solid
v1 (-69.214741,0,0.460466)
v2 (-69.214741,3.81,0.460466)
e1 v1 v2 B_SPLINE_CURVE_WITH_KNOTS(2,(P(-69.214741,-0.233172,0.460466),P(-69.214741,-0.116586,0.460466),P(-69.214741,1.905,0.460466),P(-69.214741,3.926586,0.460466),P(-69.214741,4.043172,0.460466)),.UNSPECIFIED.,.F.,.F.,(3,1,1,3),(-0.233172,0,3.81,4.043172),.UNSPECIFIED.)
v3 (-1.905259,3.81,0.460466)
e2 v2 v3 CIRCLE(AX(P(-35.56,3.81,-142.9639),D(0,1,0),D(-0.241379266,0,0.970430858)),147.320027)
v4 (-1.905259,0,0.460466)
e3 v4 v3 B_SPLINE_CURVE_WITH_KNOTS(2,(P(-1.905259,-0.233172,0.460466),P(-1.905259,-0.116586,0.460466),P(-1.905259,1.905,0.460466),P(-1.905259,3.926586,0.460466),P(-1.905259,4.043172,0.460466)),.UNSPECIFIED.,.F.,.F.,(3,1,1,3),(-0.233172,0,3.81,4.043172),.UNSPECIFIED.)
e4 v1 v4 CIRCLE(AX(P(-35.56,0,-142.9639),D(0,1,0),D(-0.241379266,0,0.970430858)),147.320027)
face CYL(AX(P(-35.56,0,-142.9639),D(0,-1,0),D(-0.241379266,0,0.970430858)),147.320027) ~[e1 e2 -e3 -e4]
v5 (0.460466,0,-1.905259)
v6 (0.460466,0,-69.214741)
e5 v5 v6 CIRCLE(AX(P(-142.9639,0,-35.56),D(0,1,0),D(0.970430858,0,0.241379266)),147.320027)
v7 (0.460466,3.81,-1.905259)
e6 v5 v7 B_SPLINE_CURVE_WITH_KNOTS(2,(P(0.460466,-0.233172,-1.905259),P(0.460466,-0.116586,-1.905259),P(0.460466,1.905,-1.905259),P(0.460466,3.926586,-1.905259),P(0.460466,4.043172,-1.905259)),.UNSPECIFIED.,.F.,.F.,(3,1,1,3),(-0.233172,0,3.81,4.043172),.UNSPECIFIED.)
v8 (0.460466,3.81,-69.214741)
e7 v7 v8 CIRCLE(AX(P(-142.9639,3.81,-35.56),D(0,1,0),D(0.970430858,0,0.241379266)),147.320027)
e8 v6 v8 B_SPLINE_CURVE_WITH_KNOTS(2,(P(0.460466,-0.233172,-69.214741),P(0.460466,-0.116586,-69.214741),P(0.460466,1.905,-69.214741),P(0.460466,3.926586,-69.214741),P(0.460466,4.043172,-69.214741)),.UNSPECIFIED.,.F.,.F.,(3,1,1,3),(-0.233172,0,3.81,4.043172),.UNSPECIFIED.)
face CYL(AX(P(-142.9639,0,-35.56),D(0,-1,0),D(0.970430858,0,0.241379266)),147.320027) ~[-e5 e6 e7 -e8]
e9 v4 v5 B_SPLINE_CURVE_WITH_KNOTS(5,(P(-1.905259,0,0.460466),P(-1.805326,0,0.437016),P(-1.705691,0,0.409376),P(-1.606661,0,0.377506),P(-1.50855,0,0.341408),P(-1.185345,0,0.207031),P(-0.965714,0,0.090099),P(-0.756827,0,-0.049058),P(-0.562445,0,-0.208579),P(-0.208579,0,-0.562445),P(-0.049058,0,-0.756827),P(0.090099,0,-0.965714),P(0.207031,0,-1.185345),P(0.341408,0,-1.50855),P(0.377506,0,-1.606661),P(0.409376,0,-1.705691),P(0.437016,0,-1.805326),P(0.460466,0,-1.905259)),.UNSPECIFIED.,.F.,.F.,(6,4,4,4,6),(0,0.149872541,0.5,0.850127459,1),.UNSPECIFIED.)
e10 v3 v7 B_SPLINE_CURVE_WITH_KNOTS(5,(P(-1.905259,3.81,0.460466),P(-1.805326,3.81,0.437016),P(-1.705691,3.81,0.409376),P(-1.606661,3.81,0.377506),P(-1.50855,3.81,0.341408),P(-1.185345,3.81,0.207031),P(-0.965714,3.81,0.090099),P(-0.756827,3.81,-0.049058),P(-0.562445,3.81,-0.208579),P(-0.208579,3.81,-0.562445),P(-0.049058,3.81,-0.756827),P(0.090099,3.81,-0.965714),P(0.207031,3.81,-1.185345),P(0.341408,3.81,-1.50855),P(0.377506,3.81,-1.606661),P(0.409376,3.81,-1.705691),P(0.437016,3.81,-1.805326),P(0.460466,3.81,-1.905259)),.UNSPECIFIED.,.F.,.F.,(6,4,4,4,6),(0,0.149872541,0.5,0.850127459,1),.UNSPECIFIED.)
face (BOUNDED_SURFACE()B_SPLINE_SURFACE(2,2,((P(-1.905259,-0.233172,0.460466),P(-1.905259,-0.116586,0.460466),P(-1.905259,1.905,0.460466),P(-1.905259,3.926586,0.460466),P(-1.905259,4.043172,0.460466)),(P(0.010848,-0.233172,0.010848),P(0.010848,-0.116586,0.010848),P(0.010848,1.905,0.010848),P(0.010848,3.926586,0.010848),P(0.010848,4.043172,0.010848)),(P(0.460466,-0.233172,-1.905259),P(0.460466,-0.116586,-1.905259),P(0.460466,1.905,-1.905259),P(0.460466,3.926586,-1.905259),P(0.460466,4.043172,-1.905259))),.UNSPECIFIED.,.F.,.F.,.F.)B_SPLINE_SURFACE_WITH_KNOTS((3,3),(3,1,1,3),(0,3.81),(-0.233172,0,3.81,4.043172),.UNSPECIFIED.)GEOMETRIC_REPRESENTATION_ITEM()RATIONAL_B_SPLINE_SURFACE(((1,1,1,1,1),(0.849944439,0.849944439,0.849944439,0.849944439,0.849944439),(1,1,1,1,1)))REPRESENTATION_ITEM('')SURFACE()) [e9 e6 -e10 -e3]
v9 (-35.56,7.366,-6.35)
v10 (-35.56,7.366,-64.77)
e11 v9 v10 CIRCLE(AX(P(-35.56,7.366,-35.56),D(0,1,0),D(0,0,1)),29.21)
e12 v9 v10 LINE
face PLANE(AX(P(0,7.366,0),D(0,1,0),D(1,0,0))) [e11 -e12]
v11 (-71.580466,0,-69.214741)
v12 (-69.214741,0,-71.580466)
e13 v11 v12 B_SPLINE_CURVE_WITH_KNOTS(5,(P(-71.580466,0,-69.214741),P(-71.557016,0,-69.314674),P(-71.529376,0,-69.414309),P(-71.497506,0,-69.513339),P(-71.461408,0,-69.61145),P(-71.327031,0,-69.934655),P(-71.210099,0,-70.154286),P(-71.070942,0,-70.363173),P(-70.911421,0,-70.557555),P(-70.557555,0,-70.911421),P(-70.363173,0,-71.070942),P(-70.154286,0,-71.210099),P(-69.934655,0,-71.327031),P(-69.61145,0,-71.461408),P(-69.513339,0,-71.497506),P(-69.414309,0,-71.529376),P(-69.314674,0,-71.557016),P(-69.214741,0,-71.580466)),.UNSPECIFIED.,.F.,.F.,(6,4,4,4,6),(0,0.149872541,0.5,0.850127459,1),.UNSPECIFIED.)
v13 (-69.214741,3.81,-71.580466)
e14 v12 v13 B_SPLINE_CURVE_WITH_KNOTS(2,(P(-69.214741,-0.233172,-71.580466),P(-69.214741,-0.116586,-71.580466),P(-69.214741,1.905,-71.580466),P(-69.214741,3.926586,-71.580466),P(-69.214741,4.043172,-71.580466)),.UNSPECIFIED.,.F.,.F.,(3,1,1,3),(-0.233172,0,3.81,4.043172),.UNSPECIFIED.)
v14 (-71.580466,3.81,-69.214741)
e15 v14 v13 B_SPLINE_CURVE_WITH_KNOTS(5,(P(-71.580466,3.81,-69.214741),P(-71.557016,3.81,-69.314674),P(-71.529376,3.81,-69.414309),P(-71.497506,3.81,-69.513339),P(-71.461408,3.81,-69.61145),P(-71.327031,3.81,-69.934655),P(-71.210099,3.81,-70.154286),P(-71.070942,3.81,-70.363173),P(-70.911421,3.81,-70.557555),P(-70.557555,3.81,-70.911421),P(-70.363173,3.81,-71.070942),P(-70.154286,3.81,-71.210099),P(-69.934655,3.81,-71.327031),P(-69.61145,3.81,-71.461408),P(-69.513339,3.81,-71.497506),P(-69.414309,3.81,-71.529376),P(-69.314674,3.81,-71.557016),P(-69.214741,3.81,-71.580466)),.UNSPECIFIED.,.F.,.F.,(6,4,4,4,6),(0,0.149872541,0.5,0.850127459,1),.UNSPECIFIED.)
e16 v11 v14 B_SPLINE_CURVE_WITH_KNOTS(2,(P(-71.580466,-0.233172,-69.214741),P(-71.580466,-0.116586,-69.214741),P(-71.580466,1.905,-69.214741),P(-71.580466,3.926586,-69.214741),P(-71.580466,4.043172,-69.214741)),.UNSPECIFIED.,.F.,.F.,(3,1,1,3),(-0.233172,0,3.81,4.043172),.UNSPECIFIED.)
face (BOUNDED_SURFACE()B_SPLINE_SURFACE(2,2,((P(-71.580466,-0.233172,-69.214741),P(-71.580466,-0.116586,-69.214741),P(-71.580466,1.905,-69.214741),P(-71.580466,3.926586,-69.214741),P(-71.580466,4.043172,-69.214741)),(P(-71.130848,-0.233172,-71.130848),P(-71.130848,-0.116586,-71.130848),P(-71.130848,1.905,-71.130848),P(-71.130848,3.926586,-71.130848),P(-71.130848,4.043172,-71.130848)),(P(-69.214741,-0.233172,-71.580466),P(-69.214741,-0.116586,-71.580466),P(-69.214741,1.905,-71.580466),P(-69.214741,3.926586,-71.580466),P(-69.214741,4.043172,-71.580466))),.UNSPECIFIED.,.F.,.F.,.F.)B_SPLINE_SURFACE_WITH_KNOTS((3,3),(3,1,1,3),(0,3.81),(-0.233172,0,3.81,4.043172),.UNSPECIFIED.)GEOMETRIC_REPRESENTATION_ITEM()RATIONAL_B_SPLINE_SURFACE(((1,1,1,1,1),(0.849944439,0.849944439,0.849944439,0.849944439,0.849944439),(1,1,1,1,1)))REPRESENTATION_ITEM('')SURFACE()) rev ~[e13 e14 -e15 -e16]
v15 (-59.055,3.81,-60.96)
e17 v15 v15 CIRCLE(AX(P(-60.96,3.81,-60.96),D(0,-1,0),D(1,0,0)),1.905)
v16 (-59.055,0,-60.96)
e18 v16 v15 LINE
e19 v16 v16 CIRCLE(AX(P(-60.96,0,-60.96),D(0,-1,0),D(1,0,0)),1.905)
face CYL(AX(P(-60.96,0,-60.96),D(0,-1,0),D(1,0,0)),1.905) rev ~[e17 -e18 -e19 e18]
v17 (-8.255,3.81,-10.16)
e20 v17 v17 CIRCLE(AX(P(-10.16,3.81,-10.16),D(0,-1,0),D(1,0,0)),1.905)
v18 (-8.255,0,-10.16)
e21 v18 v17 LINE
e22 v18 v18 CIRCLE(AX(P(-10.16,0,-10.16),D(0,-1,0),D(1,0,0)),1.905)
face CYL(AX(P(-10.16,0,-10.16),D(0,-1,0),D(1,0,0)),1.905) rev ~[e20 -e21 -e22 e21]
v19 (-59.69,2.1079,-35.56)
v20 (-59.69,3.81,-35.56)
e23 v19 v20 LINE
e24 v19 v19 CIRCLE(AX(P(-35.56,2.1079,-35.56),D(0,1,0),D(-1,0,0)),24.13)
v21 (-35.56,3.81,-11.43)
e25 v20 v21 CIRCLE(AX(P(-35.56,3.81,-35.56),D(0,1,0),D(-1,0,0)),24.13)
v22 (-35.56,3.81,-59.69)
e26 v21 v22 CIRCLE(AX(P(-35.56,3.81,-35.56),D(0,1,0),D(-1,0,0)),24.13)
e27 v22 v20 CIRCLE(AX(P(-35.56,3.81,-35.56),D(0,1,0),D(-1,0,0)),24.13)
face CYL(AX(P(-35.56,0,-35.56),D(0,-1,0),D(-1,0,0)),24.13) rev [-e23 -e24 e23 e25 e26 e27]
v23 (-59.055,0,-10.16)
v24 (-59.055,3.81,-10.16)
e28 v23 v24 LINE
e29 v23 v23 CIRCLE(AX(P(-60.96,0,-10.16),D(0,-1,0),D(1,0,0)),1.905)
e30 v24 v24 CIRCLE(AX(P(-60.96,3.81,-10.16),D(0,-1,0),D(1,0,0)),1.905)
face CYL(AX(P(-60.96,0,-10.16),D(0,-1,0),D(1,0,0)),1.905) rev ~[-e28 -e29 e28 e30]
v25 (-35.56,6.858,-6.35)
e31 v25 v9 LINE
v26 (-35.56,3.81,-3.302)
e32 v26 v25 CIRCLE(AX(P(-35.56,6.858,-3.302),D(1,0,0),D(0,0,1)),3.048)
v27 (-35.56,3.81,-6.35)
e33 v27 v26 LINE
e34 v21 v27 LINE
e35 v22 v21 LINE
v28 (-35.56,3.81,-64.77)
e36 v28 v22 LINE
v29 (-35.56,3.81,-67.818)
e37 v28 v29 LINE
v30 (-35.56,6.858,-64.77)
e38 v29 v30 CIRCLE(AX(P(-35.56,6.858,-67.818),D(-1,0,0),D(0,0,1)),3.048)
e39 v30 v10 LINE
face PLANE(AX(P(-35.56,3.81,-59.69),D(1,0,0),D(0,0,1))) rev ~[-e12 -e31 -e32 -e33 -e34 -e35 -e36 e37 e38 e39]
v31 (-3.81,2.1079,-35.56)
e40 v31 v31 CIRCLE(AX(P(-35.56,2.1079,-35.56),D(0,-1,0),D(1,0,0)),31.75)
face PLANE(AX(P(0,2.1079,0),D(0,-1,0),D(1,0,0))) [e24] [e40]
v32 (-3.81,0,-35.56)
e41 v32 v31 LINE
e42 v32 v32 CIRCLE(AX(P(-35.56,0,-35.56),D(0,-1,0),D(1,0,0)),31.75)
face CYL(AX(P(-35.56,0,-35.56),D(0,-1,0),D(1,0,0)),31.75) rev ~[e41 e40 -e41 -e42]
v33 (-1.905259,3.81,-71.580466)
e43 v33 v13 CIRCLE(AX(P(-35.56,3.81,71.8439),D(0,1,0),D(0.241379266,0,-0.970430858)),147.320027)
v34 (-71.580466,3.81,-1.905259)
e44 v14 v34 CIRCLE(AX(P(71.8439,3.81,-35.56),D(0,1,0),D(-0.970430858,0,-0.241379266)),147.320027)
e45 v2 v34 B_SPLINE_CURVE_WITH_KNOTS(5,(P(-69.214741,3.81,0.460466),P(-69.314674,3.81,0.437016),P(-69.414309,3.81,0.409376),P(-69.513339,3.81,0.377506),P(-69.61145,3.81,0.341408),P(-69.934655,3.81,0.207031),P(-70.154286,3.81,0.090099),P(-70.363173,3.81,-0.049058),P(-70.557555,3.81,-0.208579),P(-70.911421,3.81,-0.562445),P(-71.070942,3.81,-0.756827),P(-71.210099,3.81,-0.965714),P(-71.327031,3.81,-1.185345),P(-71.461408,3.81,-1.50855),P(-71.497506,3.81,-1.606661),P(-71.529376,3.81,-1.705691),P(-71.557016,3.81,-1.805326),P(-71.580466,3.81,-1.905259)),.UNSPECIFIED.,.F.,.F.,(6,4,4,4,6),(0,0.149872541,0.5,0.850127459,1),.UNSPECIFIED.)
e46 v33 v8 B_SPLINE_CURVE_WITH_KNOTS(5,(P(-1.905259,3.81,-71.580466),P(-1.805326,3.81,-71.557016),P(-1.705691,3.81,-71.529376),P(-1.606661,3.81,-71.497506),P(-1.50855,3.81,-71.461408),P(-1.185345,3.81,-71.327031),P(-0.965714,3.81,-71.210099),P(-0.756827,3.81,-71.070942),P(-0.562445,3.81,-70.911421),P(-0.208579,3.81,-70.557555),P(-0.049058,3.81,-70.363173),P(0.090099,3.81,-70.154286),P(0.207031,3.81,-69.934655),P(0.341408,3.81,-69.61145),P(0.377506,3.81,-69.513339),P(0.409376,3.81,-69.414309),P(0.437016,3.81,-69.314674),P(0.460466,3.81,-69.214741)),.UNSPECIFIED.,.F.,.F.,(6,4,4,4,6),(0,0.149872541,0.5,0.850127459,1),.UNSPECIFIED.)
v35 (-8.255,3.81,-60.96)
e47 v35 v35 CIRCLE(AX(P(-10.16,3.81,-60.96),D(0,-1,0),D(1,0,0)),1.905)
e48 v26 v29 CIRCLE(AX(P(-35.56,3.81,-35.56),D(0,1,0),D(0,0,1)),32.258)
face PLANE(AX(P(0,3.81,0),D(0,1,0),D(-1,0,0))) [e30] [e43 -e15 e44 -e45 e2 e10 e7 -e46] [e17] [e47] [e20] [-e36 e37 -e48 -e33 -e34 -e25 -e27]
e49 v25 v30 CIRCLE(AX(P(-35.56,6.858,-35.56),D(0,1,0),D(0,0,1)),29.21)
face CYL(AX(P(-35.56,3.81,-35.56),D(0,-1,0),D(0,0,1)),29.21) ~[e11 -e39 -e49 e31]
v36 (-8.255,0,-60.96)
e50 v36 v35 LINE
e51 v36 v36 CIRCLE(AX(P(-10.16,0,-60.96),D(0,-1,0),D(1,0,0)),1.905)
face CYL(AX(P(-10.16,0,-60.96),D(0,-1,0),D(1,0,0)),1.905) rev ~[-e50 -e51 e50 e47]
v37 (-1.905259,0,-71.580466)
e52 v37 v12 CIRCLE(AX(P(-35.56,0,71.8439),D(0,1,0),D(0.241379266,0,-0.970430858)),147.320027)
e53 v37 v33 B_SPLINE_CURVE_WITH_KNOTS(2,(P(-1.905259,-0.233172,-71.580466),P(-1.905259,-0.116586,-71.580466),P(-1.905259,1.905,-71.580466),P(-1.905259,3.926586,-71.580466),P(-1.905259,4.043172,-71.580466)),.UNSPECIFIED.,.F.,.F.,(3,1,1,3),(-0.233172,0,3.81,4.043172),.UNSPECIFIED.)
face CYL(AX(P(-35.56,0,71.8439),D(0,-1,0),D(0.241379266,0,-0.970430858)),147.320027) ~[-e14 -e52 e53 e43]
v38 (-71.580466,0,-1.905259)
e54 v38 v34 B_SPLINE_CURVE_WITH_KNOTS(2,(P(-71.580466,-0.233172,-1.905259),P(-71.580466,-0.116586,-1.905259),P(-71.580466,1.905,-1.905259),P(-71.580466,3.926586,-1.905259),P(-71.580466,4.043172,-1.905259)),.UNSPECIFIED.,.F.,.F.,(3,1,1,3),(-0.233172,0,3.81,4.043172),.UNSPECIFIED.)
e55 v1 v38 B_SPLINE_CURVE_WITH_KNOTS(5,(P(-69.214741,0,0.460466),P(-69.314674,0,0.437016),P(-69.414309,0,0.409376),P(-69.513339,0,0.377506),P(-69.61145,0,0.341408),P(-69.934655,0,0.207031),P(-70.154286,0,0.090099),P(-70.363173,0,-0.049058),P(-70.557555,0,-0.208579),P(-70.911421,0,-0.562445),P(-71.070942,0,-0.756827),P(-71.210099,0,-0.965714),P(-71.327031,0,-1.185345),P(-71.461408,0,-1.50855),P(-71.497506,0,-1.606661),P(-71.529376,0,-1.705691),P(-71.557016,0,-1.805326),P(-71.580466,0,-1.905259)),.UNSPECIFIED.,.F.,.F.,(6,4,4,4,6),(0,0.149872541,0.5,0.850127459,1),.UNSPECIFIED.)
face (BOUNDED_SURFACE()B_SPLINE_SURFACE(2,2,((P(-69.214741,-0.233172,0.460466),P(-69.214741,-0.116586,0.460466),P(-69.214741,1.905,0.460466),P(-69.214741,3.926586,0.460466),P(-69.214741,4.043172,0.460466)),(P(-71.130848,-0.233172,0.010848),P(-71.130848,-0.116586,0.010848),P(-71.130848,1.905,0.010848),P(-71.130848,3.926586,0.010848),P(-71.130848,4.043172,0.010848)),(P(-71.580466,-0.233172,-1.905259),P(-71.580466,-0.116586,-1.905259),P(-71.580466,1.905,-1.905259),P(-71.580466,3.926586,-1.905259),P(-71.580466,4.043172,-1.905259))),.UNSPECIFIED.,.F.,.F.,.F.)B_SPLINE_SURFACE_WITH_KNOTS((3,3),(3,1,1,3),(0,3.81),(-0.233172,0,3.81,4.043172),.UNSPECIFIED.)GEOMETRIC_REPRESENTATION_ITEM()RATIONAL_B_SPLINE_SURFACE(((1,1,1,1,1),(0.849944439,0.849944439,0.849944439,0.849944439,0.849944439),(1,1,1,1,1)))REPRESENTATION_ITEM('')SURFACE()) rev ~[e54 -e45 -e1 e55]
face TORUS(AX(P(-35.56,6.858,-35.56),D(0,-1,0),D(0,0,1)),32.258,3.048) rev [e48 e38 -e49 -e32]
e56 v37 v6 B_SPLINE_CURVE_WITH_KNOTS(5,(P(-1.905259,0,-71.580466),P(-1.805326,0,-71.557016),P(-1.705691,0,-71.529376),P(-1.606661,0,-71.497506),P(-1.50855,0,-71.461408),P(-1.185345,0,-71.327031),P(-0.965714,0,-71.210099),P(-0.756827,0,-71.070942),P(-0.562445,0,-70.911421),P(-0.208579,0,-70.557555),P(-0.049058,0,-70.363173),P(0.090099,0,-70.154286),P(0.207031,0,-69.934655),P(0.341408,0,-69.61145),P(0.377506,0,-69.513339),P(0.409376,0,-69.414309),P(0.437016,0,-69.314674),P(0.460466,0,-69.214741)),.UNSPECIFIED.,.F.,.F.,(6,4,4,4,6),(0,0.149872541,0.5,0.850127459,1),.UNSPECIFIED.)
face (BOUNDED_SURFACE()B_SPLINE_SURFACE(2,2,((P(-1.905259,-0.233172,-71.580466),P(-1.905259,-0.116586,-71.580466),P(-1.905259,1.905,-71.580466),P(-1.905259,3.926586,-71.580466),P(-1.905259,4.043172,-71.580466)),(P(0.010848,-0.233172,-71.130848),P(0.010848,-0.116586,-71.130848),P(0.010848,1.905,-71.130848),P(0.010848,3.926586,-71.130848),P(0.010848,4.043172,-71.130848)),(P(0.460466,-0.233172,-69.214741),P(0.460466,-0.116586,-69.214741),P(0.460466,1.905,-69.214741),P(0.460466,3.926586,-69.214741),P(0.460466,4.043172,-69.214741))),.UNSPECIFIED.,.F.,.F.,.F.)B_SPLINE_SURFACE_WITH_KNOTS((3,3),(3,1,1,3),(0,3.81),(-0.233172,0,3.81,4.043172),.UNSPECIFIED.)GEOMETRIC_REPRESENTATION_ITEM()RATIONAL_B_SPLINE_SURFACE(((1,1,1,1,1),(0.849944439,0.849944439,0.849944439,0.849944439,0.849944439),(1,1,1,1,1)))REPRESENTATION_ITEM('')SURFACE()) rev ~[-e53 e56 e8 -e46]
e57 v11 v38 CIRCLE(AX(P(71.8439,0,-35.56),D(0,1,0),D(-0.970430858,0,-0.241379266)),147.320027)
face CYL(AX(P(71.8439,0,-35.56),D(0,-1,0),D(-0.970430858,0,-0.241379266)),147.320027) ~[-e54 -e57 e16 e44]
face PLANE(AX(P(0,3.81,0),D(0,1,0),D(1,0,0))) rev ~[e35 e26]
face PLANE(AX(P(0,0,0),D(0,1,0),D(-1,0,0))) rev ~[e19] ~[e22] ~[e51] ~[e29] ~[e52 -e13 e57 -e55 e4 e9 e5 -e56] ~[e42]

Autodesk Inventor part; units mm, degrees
ref_plane "YZ Plane" through (0, 0, 0) normal (1, 0, 0) x (0, 1, 0)
ref_plane "XZ Plane" through (0, 0, 0) normal (0, 1, 0) x (-1, 0, 0)
ref_plane "XY Plane" through (0, 0, 0) normal (0, 0, 1) x (1, 0, 0)
sketch "Sketch1" plane through (0, 0, 0) normal (0, 1, 0) x (-1, 0, 0)
  line L0 (0, 0) -> (0, -71.12)
  line L1 (0, -71.12) -> (71.12, -71.12)
  line L2 (71.12, -71.12) -> (71.12, 0)
  line L3 (71.12, 0) -> (0, 0)
  arc A0 (71.12, -71.12) -> (71.12, 0) centre (-71.8439, -35.56) ccw
  arc A1 (0, 0) -> (0, -71.12) centre (142.9639, -35.56) ccw
  arc A2 (0, -71.12) -> (71.12, -71.12) centre (35.56, 71.8439) ccw
  arc A3 (71.12, 0) -> (0, 0) centre (35.56, -142.9639) ccw
  circle A4 centre (35.56, -35.56) radius 24.13
  dimension "d9" = 71.12
  dimension "d10" = 71.12
  dimension "d14" = 147.32
  dimension "d17" = 48.26
  dimension "d18" = 35.56
  dimension "d19" = 35.56
extrude "Extrusion1" add sketch "Sketch1" along normal blind 3.81
fillet "Fillet1" radius 3.175 4 edges at (0, 1.905, 0) (0, 1.905, -71.12) (-71.12, 1.905, 0) (-71.12, 1.905, -71.12)
sketch "Sketch2" plane through (0, 3.81, 0) normal (0, 1, 0) x (1, 0, 0)
  point P0 (0, 0)
sketch "Sketch3" plane through (0, 0, 0) normal (0, -1, 0) x (1, 0, 0)
  circle A0 centre (-35.56, -35.56) radius 24.13 projected
  circle A1 centre (-35.56, -35.56) radius 31.75
  circle A2 centre (-35.56, -35.56) radius 24.13
  point P0 (0, 0)
  dimension "d23" = 63.5
extrude "Extrusion2" cut sketch "Sketch3" against normal blind 2.1079
sketch "Sketch4" plane through (0, 0, 0) normal (0, -1, 0) x (1, 0, 0)
  circle A0 centre (-35.56, -35.56) radius 24.13 projected
  circle A1 centre (-35.56, -35.56) radius 31.75 projected
  circle A2 centre (-60.96, -10.16) radius 1.905
  arc A3 (-1.9053, 0.4605) -> (-69.2147, 0.4605) centre (-35.56, -142.9639) ccw construction
  line L0 (-35.56, 4.3561) -> (-35.56, -75.4761) construction
  arc A4 (-69.2147, -71.5805) -> (-1.9053, -71.5805) centre (-35.56, 71.8439) ccw construction
  arc A5 (-71.5805, -1.9053) -> (-71.5805, -69.2147) centre (71.8439, -35.56) ccw construction
  line L1 (-75.4761, -35.56) -> (4.3561, -35.56) construction
  arc A6 (0.4605, -69.2147) -> (0.4605, -1.9053) centre (-142.9639, -35.56) ccw construction
  line L2 (-75.4761, -35.56) -> (-75.4761, 1.4435) construction
  circle A7 centre (-10.16, -10.16) radius 1.905
  line L3 (4.3561, -35.56) -> (4.3561, 1.4435) construction
  circle A8 centre (-60.96, -60.96) radius 1.905
  circle A9 centre (-10.16, -60.96) radius 1.905
  point P0 (0, 0)
  dimension "d26" = 3.81
  dimension "d34" = 25.4
  dimension "d35" = 25.4
  dimension "d36" = 14.5161
  dimension "d37" = 14.5162
  dimension "d38" = 50.8
  dimension "d39" = 50.8
extrude "Extrusion3" cut sketch "Sketch4" against normal blind 25.4 contours A2 | A7 | A8 | A9
sketch "Sketch6" plane through (0, 0, 0) normal (0, -1, 0) x (1, 0, 0)
  point P0 (0, 0)
sketch "Sketch8" plane through (0, 3.81, 0) normal (0, 1, 0) x (1, 0, 0)
  circle A0 centre (-35.56, 35.56) radius 24.13 projected
  circle A1 centre (-35.56, 35.56) radius 24.13 construction
  line L0 (-35.56, 59.69) -> (-35.56, 64.77) construction
  line L1 (-35.56, 11.43) -> (-35.56, 6.35) construction
  line L2 (-11.43, 35.56) -> (-6.35, 35.56) construction
  arc A2 (-35.56, 6.35) -> (-35.56, 64.77) centre (-35.56, 35.56) ccw
  line L3 (-35.56, 64.77) -> (-35.56, 6.35)
  point P0 (0, 0)
  dimension "d44" = 5.08
  dimension "d45" = 5.08
  dimension "d46" = 5.08
extrude "Extrusion5" add sketch "Sketch8" along normal blind 3.556 contours A0 L3 | A0 L3 A2 picked at (-27.7183, 37.3498)
fillet "Fillet2" radius 3.048 1 edges at (-6.35, 3.81, -35.56)
properties part number "_3DPrint"
